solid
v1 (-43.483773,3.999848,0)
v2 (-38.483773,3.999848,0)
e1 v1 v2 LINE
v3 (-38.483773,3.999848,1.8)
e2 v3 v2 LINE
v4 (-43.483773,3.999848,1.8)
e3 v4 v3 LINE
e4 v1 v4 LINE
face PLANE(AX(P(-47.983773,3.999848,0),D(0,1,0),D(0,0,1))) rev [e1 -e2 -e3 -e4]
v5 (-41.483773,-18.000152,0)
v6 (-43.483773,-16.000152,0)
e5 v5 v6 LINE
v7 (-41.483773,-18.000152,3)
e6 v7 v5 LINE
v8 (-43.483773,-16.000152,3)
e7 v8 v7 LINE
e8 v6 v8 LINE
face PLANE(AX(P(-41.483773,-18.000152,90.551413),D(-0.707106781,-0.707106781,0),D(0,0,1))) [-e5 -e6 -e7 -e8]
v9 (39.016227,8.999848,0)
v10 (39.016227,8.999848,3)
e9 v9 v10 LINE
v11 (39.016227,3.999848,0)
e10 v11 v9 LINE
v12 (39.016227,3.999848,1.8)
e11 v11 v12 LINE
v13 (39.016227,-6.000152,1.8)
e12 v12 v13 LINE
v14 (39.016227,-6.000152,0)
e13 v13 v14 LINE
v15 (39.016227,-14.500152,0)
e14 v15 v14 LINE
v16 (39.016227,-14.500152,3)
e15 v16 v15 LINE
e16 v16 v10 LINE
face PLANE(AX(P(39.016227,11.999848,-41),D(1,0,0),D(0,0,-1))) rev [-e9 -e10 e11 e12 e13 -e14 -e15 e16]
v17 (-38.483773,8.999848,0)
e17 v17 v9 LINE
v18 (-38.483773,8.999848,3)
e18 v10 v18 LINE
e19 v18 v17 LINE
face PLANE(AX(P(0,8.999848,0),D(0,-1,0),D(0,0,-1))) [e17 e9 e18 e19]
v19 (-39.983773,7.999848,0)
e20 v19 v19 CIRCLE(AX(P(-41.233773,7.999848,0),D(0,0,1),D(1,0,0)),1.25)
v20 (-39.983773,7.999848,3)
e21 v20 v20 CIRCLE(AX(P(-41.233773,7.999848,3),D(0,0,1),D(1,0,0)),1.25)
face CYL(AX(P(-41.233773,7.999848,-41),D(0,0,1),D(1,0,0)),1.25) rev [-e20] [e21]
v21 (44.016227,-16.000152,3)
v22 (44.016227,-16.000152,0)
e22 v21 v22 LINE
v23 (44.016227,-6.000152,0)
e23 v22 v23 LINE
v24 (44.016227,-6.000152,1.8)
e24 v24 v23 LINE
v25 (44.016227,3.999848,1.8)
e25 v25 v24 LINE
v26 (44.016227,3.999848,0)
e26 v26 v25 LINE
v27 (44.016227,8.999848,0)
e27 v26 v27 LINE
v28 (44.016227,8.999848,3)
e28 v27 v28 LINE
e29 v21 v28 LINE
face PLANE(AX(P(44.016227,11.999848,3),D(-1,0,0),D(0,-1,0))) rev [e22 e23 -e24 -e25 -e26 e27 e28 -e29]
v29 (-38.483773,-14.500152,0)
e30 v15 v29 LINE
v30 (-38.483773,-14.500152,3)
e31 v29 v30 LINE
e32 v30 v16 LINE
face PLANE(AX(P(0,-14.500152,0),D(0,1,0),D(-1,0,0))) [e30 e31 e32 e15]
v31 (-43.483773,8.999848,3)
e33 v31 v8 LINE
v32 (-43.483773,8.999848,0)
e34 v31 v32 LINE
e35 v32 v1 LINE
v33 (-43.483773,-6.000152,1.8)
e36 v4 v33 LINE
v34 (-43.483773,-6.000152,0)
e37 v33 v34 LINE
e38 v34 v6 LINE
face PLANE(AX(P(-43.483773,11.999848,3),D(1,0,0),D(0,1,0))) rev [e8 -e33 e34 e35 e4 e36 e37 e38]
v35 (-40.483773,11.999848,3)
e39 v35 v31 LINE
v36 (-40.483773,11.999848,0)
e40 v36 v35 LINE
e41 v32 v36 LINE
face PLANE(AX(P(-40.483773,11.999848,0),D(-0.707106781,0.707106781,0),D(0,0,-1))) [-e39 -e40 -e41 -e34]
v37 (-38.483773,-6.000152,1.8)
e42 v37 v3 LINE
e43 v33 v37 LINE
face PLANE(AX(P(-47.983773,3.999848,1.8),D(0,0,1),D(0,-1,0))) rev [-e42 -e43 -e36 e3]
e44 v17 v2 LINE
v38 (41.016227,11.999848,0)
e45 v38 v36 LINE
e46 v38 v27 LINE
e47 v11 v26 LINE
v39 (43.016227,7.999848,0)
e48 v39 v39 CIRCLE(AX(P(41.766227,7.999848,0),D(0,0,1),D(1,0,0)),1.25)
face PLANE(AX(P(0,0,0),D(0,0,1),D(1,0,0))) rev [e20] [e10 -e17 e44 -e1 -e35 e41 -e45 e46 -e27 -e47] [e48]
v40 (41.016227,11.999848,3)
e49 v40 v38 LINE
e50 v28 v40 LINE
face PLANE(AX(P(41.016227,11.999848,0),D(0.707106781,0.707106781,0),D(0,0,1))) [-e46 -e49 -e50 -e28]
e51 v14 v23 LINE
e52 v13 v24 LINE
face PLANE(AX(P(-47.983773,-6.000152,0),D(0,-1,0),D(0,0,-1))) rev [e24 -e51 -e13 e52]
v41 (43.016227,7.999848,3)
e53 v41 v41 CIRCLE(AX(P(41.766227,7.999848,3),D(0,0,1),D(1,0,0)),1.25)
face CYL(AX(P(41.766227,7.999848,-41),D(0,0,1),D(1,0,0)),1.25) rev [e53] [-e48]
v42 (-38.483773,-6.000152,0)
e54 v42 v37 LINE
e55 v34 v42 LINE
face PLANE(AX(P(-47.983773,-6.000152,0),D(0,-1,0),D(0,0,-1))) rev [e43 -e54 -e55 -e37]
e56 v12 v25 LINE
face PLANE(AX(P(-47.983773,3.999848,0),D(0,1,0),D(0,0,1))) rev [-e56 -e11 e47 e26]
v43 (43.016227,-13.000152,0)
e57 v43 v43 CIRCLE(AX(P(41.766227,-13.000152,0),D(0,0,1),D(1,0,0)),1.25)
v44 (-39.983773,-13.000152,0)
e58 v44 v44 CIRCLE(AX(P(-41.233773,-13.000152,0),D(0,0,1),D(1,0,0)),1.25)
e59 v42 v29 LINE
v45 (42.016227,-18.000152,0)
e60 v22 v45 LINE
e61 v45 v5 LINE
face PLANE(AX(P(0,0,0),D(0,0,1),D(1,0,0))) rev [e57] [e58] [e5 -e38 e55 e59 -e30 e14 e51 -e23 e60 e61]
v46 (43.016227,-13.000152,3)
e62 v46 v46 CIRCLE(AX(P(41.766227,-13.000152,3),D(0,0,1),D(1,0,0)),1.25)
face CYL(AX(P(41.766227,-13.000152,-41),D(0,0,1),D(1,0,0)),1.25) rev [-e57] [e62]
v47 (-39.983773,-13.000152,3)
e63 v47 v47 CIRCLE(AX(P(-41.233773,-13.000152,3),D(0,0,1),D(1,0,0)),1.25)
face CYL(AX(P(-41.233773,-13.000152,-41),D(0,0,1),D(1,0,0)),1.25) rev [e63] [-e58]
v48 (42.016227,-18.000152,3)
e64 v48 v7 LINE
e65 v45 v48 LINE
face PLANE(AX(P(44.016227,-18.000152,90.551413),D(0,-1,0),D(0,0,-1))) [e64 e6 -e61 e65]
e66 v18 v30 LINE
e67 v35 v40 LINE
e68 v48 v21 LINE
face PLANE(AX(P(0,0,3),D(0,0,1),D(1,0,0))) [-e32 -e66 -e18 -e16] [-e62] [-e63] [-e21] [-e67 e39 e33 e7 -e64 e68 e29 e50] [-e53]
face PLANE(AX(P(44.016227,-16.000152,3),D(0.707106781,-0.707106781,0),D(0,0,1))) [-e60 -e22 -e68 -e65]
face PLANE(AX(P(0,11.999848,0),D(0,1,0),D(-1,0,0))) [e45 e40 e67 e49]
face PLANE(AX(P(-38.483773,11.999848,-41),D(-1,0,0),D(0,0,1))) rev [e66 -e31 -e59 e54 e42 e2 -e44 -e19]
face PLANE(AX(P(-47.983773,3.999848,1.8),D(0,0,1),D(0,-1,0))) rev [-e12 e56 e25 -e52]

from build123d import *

# Parameters (mm, degrees)
SKETCH_1_W          = 87.5
SKETCH_1_H          = 28
EXTRUDE_1_DEPTH     = 3
SKETCH_2_R          = 1.25
SKETCH_2_W          = 77.5
SKETCH_2_H          = 22.5
CUT_EXTRUDE_1_DEPTH = 44
CHAMFER_1_SIZE      = 1
SKETCH_4_W          = 1.8
SKETCH_4_H          = 10
CUT_EXTRUDE_2_DEPTH = 92
SKETCH_5_W          = 3
SKETCH_5_H          = 3
EXTRUDE_2_DEPTH     = 87.5
EXTRUDE_3_DEPTH     = 3
SKETCH_8_W          = 77.5
SKETCH_8_H          = 3
CUT_EXTRUDE_3_DEPTH = 4
CHAMFER_3_SIZE      = 2
SKETCH_9_W          = 77.5
SKETCH_9_H          = 3
EXTRUDE_4_DEPTH     = 3
SKETCH_10_W         = 87.5
SKETCH_10_H         = 3
CUT_EXTRUDE_4_DEPTH = 3
CHAMFER_4_SIZE      = 3


with BuildPart() as part:
    # 草图1 → 凸台-拉伸1 (new body)
    with BuildSketch(Plane.XY):
        with Locations((0.266227181, -2.000151732)):
            Rectangle(SKETCH_1_W, SKETCH_1_H)
    extrude(amount=EXTRUDE_1_DEPTH)

    # 草图2 → 切除-拉伸1 (cut)
    with BuildSketch(Plane.XY.offset(3)):
        with Locations((-41.233772819, 7.999848268)):
            Circle(SKETCH_2_R)
        with Locations((-41.233772819, -13.000151732)):
            Circle(SKETCH_2_R)
        with Locations((41.766227181, -13.000151732)):
            Circle(SKETCH_2_R)
        with Locations((41.766227181, 7.999848268)):
            Circle(SKETCH_2_R)
        with Locations((0.266227181, 0.749848268)):
            Rectangle(SKETCH_2_W, SKETCH_2_H)
    extrude(amount=-CUT_EXTRUDE_1_DEPTH, mode=Mode.SUBTRACT)

    # 倒角1
    chamfer_1_edges = [part.edges().sort_by_distance(p)[0] for p in [
        (44.016227181, -16.000151732, 1.5),
        (-43.483772819, -16.000151732, 1.5),
    ]]
    chamfer(chamfer_1_edges, length=CHAMFER_1_SIZE)

    # 草图4 → 切除-拉伸2 (cut)
    with BuildSketch(Plane(origin=(44.016227181, 0, 0), x_dir=(0, 0, -1), z_dir=(1, 0, 0))):
        with Locations((-0.9, -1.000151732)):
            Rectangle(SKETCH_4_W, SKETCH_4_H)
    extrude(amount=-CUT_EXTRUDE_2_DEPTH, mode=Mode.SUBTRACT)

    # 草图5 → 凸台-拉伸2 (add)
    with BuildSketch(Plane(origin=(44.016227181, 0, 0), x_dir=(0, 0, -1), z_dir=(1, 0, 0))):
        with Locations((-1.5, 13.499848268)):
            Rectangle(SKETCH_5_W, SKETCH_5_H)
    extrude(amount=-EXTRUDE_2_DEPTH)

    # 草图7 → 凸台-拉伸3 (add)
    with BuildSketch(Plane(origin=(0, 0, 0), x_dir=(-1, 0, 0), z_dir=(0, 0, -1))):
        Polygon((-44.016227181, -15.000151732), (-44.016227181, -18.000151732), (43.483772819, -18.000151732), (43.483772819, -15.000151732), (42.983772819, -15.500151732), (-43.016227181, -16.000151732), align=None)
    extrude(amount=-EXTRUDE_3_DEPTH)

    # 草图8 → 切除-拉伸3 (cut)
    with BuildSketch(Plane(origin=(0, -10.500151732, 0), x_dir=(1, 0, 0), z_dir=(0, 1, 0))):
        with Locations((0.266227181, -1.5)):
            Rectangle(SKETCH_8_W, SKETCH_8_H)
    extrude(amount=-CUT_EXTRUDE_3_DEPTH, mode=Mode.SUBTRACT)

    # 倒角3
    chamfer_3_edges = [part.edges().sort_by_distance(p)[0] for p in [
        (44.016227181, -18.000151732, 1.5),
        (-43.483772819, -18.000151732, 1.5),
    ]]
    chamfer(chamfer_3_edges, length=CHAMFER_3_SIZE)

    # 草图9 → 凸台-拉伸4 (add)
    with BuildSketch(Plane.XZ.offset(-11.999848268)):
        with Locations((0.266227181, 1.5)):
            Rectangle(SKETCH_9_W, SKETCH_9_H)
    extrude(amount=EXTRUDE_4_DEPTH)

    # 草图10 → 切除-拉伸4 (cut)
    with BuildSketch(Plane(origin=(0, 14.999848268, 0), x_dir=(1, 0, 0), z_dir=(0, 1, 0))):
        with Locations((0.266227181, -1.5)):
            Rectangle(SKETCH_10_W, SKETCH_10_H)
    extrude(amount=-CUT_EXTRUDE_4_DEPTH, mode=Mode.SUBTRACT)

    # 倒角4
    chamfer_4_edges = [part.edges().sort_by_distance(p)[0] for p in [
        (-43.483772819, 11.999848268, 1.5),
        (44.016227181, 11.999848268, 1.5),
    ]]
    chamfer(chamfer_4_edges, length=CHAMFER_4_SIZE)


solid = part.part
